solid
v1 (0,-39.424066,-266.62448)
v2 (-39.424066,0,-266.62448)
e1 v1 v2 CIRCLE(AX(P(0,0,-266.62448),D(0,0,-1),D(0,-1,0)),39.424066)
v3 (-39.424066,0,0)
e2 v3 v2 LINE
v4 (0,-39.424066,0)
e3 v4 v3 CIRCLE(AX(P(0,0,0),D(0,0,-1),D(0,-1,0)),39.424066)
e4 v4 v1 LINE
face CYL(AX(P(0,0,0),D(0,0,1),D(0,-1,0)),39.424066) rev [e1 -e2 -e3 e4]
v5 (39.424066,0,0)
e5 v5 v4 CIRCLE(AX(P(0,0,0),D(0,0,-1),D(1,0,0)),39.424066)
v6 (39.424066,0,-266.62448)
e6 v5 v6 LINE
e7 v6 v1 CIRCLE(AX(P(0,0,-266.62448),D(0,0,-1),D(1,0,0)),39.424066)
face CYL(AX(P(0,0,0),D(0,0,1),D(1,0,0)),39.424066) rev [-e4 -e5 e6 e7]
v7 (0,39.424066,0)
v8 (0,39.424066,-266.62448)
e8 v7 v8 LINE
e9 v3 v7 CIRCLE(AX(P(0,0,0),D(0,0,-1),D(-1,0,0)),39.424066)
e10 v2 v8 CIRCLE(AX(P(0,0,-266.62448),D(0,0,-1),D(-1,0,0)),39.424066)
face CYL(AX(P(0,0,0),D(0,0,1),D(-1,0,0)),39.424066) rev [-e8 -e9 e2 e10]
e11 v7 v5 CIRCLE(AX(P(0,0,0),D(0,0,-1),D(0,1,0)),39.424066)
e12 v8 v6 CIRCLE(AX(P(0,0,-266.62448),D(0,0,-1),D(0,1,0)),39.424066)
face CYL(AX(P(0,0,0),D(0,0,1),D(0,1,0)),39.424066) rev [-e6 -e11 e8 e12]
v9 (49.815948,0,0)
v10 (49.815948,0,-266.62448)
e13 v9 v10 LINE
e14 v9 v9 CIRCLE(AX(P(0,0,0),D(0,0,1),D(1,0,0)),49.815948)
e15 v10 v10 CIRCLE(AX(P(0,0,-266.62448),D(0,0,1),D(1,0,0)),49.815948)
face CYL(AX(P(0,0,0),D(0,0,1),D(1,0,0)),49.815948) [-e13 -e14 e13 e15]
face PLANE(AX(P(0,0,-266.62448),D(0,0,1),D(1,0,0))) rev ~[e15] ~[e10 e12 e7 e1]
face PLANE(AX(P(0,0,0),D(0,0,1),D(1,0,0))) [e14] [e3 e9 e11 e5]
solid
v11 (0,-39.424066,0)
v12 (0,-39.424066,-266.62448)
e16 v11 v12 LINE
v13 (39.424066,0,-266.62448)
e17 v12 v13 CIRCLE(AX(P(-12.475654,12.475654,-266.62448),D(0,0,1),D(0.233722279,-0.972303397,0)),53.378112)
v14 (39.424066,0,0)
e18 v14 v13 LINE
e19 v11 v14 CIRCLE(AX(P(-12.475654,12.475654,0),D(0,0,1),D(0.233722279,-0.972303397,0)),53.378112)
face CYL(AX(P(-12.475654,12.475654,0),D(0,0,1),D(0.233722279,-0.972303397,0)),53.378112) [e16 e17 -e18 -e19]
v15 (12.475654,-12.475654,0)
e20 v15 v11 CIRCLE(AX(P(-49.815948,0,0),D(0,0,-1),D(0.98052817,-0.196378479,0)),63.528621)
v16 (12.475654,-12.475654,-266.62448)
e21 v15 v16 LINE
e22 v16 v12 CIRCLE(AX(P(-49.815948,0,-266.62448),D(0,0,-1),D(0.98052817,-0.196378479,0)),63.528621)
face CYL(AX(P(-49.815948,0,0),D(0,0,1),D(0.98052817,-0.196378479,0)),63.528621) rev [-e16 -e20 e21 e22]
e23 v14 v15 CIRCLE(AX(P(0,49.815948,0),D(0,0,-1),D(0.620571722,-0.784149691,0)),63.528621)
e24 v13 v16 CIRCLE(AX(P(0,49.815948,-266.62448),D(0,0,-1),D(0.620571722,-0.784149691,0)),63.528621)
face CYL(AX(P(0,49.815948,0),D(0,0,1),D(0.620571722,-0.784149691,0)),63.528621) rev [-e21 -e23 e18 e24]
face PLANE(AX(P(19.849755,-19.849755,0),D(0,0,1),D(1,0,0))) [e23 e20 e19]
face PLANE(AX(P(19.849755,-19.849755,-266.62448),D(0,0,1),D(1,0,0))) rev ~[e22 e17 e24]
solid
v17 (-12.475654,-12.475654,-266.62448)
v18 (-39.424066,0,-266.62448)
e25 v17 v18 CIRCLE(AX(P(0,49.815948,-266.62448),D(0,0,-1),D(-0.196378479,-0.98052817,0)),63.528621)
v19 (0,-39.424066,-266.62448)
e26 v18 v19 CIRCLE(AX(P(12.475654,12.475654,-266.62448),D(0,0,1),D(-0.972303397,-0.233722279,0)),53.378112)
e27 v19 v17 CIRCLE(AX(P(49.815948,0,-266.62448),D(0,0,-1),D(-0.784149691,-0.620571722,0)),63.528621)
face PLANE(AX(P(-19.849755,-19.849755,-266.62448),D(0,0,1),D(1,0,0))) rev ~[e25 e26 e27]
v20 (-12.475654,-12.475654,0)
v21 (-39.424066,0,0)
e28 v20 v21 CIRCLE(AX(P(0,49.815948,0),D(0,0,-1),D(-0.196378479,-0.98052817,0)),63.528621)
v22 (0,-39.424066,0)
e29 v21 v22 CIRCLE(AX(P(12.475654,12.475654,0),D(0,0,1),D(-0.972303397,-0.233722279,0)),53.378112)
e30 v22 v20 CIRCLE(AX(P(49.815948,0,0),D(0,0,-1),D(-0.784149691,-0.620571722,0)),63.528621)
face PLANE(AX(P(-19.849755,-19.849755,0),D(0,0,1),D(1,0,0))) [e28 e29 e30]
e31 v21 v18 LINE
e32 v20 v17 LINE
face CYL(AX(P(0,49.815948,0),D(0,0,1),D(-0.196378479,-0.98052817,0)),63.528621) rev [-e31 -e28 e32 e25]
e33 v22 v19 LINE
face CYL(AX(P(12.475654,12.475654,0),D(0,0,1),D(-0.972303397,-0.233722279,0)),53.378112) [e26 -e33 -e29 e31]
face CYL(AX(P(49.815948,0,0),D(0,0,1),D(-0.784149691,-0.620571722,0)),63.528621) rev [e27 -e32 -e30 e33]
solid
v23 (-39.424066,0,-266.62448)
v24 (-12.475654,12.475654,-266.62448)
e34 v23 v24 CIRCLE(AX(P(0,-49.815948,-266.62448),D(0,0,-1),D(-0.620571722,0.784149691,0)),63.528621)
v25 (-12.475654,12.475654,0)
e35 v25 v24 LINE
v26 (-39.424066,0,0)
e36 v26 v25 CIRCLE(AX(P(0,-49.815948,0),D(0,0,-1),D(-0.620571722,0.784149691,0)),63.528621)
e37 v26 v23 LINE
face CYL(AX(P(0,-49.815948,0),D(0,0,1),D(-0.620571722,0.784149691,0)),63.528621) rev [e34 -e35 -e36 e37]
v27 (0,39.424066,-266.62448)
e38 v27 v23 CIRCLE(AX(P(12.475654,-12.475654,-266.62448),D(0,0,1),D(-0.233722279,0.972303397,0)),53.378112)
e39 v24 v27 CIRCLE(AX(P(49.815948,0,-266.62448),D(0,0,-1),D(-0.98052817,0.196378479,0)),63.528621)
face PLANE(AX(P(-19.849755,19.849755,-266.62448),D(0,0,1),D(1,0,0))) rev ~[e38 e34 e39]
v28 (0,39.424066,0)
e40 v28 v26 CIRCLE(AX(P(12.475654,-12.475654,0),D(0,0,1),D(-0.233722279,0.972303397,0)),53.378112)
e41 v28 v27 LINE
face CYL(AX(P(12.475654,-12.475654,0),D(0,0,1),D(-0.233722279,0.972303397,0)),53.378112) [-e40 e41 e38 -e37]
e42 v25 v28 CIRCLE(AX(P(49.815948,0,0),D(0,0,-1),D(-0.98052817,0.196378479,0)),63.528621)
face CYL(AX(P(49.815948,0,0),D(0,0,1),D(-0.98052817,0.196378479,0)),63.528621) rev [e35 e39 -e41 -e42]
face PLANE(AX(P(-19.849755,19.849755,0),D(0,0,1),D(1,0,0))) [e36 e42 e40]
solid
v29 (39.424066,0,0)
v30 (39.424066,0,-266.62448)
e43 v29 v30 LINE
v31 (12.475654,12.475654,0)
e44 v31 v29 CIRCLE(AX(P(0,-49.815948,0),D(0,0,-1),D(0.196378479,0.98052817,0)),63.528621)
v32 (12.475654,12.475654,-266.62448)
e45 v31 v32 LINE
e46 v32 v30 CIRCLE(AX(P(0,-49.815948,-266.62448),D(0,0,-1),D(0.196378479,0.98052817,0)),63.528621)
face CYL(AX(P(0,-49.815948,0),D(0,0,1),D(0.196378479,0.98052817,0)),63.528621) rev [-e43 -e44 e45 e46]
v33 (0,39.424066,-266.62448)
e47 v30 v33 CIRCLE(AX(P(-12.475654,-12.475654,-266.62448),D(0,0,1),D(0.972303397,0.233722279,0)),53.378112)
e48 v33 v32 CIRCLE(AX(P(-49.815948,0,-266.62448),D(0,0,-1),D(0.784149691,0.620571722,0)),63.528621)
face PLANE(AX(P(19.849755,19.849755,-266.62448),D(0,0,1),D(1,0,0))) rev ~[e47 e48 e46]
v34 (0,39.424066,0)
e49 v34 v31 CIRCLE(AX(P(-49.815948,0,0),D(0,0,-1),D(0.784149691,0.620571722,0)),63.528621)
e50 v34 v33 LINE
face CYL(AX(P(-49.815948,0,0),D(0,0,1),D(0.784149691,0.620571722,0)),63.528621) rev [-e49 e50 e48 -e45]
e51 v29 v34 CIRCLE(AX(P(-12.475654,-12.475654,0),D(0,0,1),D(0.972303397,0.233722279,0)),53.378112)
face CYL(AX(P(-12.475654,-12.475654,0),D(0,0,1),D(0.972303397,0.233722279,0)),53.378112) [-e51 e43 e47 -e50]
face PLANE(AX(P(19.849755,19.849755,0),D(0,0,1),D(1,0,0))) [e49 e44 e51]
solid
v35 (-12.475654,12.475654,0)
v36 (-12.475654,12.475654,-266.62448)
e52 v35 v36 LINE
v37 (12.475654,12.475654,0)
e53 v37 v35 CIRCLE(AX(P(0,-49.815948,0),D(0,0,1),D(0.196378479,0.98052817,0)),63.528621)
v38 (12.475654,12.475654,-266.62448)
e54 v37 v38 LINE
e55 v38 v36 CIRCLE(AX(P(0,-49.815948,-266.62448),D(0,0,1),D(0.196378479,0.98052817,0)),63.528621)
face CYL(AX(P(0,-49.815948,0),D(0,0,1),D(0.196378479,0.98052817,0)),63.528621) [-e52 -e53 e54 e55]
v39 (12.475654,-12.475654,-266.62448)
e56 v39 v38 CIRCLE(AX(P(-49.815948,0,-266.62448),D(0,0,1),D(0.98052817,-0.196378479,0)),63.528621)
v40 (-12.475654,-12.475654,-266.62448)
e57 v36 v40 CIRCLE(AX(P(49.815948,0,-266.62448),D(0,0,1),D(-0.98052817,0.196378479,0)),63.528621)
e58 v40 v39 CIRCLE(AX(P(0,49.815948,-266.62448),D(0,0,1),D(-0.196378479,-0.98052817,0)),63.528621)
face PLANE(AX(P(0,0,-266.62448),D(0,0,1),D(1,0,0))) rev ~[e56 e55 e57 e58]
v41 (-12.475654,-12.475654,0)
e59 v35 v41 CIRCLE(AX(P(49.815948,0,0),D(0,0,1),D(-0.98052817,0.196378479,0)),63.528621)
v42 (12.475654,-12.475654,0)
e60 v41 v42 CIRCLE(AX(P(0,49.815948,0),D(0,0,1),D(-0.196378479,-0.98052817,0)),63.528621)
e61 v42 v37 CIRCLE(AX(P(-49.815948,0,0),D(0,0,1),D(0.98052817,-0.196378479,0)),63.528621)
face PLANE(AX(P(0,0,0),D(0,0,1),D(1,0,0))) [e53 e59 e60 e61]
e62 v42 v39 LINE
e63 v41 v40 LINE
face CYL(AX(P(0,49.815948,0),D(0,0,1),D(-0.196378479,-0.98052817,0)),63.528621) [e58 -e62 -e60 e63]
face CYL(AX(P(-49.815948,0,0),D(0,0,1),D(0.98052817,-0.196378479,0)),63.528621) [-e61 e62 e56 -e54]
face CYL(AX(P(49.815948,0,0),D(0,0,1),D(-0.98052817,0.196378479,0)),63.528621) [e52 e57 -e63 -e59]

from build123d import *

# Parameters (mm, degrees)
F0_R     = 49.8159482483
F1_DEPTH = 266.6244804859


with BuildPart() as f1:
    # F0 (on Top) → F1 (new body)
    with BuildSketch(Plane.XY):
        Circle(F0_R)
        with BuildLine():
            ThreePointArc((0, 39.4240655005), (27.8770240573, 27.8770240573), (39.4240655005, 0))
            ThreePointArc((39.4240655005, 0), (27.8770240573, -27.8770240573), (0, -39.4240655005))
            ThreePointArc((0, -39.4240655005), (-27.8770240573, -27.8770240573), (-39.4240655005, 0))
            ThreePointArc((-39.4240655005, 0), (-27.8770240573, 27.8770240573), (0, 39.4240655005))
        make_face(mode=Mode.SUBTRACT)
    extrude(amount=-F1_DEPTH)


with BuildPart() as f1b:
    # F0 (on Top) → F1, piece 2 (new body)
    with BuildSketch(Plane.XY):
        with BuildLine():
            ThreePointArc((0, -39.4240655005), (25.2683708839, -25.2683708839), (39.4240655005, 0))
            ThreePointArc((39.4240655005, 0), (26.6890558836, -7.8345498979), (12.4756539136, -12.4756539136))
            ThreePointArc((12.4756539136, -12.4756539136), (7.8345498979, -26.6890558836), (0, -39.4240655005))
        make_face()
    extrude(amount=-F1_DEPTH)


with BuildPart() as f1c:
    # F0 (on Top) → F1, piece 3 (new body)
    with BuildSketch(Plane.XY):
        with BuildLine():
            ThreePointArc((12.4756539136, 12.4756539136), (26.6890558836, 7.8345498979), (39.4240655005, 0))
            ThreePointArc((39.4240655005, 0), (25.2683708839, 25.2683708839), (0, 39.4240655005))
            ThreePointArc((0, 39.4240655005), (7.8345498979, 26.6890558836), (12.4756539136, 12.4756539136))
        make_face()
    extrude(amount=-F1_DEPTH)


with BuildPart() as f1d:
    # F0 (on Top) → F1, piece 4 (new body)
    with BuildSketch(Plane.XY):
        with BuildLine():
            ThreePointArc((-12.4756539136, 12.4756539136), (-7.8345498979, 26.6890558836), (0, 39.4240655005))
            ThreePointArc((0, 39.4240655005), (-25.2683708839, 25.2683708839), (-39.4240655005, 0))
            ThreePointArc((-39.4240655005, 0), (-26.6890558836, 7.8345498979), (-12.4756539136, 12.4756539136))
        make_face()
    extrude(amount=-F1_DEPTH)


with BuildPart() as f1e:
    # F0 (on Top) → F1, piece 5 (new body)
    with BuildSketch(Plane.XY):
        with BuildLine():
            ThreePointArc((-39.4240655005, 0), (-25.2683708839, -25.2683708839), (0, -39.4240655005))
            ThreePointArc((0, -39.4240655005), (-7.8345498979, -26.6890558836), (-12.4756539136, -12.4756539136))
            ThreePointArc((-12.4756539136, -12.4756539136), (-26.6890558836, -7.8345498979), (-39.4240655005, 0))
        make_face()
    extrude(amount=-F1_DEPTH)


with BuildPart() as f1f:
    # F0 (on Top) → F1, piece 6 (new body)
    with BuildSketch(Plane.XY):
        with BuildLine():
            ThreePointArc((12.4756539136, -12.4756539136), (13.7126723921, 0), (12.4756539136, 12.4756539136))
            ThreePointArc((12.4756539136, 12.4756539136), (0, 13.7126723921), (-12.4756539136, 12.4756539136))
            ThreePointArc((-12.4756539136, 12.4756539136), (-13.7126723921, 0), (-12.4756539136, -12.4756539136))
            ThreePointArc((-12.4756539136, -12.4756539136), (0, -13.7126723921), (12.4756539136, -12.4756539136))
        make_face()
    extrude(amount=-F1_DEPTH)


solid = Compound([f1.part, f1b.part, f1c.part, f1d.part, f1e.part, f1f.part])
